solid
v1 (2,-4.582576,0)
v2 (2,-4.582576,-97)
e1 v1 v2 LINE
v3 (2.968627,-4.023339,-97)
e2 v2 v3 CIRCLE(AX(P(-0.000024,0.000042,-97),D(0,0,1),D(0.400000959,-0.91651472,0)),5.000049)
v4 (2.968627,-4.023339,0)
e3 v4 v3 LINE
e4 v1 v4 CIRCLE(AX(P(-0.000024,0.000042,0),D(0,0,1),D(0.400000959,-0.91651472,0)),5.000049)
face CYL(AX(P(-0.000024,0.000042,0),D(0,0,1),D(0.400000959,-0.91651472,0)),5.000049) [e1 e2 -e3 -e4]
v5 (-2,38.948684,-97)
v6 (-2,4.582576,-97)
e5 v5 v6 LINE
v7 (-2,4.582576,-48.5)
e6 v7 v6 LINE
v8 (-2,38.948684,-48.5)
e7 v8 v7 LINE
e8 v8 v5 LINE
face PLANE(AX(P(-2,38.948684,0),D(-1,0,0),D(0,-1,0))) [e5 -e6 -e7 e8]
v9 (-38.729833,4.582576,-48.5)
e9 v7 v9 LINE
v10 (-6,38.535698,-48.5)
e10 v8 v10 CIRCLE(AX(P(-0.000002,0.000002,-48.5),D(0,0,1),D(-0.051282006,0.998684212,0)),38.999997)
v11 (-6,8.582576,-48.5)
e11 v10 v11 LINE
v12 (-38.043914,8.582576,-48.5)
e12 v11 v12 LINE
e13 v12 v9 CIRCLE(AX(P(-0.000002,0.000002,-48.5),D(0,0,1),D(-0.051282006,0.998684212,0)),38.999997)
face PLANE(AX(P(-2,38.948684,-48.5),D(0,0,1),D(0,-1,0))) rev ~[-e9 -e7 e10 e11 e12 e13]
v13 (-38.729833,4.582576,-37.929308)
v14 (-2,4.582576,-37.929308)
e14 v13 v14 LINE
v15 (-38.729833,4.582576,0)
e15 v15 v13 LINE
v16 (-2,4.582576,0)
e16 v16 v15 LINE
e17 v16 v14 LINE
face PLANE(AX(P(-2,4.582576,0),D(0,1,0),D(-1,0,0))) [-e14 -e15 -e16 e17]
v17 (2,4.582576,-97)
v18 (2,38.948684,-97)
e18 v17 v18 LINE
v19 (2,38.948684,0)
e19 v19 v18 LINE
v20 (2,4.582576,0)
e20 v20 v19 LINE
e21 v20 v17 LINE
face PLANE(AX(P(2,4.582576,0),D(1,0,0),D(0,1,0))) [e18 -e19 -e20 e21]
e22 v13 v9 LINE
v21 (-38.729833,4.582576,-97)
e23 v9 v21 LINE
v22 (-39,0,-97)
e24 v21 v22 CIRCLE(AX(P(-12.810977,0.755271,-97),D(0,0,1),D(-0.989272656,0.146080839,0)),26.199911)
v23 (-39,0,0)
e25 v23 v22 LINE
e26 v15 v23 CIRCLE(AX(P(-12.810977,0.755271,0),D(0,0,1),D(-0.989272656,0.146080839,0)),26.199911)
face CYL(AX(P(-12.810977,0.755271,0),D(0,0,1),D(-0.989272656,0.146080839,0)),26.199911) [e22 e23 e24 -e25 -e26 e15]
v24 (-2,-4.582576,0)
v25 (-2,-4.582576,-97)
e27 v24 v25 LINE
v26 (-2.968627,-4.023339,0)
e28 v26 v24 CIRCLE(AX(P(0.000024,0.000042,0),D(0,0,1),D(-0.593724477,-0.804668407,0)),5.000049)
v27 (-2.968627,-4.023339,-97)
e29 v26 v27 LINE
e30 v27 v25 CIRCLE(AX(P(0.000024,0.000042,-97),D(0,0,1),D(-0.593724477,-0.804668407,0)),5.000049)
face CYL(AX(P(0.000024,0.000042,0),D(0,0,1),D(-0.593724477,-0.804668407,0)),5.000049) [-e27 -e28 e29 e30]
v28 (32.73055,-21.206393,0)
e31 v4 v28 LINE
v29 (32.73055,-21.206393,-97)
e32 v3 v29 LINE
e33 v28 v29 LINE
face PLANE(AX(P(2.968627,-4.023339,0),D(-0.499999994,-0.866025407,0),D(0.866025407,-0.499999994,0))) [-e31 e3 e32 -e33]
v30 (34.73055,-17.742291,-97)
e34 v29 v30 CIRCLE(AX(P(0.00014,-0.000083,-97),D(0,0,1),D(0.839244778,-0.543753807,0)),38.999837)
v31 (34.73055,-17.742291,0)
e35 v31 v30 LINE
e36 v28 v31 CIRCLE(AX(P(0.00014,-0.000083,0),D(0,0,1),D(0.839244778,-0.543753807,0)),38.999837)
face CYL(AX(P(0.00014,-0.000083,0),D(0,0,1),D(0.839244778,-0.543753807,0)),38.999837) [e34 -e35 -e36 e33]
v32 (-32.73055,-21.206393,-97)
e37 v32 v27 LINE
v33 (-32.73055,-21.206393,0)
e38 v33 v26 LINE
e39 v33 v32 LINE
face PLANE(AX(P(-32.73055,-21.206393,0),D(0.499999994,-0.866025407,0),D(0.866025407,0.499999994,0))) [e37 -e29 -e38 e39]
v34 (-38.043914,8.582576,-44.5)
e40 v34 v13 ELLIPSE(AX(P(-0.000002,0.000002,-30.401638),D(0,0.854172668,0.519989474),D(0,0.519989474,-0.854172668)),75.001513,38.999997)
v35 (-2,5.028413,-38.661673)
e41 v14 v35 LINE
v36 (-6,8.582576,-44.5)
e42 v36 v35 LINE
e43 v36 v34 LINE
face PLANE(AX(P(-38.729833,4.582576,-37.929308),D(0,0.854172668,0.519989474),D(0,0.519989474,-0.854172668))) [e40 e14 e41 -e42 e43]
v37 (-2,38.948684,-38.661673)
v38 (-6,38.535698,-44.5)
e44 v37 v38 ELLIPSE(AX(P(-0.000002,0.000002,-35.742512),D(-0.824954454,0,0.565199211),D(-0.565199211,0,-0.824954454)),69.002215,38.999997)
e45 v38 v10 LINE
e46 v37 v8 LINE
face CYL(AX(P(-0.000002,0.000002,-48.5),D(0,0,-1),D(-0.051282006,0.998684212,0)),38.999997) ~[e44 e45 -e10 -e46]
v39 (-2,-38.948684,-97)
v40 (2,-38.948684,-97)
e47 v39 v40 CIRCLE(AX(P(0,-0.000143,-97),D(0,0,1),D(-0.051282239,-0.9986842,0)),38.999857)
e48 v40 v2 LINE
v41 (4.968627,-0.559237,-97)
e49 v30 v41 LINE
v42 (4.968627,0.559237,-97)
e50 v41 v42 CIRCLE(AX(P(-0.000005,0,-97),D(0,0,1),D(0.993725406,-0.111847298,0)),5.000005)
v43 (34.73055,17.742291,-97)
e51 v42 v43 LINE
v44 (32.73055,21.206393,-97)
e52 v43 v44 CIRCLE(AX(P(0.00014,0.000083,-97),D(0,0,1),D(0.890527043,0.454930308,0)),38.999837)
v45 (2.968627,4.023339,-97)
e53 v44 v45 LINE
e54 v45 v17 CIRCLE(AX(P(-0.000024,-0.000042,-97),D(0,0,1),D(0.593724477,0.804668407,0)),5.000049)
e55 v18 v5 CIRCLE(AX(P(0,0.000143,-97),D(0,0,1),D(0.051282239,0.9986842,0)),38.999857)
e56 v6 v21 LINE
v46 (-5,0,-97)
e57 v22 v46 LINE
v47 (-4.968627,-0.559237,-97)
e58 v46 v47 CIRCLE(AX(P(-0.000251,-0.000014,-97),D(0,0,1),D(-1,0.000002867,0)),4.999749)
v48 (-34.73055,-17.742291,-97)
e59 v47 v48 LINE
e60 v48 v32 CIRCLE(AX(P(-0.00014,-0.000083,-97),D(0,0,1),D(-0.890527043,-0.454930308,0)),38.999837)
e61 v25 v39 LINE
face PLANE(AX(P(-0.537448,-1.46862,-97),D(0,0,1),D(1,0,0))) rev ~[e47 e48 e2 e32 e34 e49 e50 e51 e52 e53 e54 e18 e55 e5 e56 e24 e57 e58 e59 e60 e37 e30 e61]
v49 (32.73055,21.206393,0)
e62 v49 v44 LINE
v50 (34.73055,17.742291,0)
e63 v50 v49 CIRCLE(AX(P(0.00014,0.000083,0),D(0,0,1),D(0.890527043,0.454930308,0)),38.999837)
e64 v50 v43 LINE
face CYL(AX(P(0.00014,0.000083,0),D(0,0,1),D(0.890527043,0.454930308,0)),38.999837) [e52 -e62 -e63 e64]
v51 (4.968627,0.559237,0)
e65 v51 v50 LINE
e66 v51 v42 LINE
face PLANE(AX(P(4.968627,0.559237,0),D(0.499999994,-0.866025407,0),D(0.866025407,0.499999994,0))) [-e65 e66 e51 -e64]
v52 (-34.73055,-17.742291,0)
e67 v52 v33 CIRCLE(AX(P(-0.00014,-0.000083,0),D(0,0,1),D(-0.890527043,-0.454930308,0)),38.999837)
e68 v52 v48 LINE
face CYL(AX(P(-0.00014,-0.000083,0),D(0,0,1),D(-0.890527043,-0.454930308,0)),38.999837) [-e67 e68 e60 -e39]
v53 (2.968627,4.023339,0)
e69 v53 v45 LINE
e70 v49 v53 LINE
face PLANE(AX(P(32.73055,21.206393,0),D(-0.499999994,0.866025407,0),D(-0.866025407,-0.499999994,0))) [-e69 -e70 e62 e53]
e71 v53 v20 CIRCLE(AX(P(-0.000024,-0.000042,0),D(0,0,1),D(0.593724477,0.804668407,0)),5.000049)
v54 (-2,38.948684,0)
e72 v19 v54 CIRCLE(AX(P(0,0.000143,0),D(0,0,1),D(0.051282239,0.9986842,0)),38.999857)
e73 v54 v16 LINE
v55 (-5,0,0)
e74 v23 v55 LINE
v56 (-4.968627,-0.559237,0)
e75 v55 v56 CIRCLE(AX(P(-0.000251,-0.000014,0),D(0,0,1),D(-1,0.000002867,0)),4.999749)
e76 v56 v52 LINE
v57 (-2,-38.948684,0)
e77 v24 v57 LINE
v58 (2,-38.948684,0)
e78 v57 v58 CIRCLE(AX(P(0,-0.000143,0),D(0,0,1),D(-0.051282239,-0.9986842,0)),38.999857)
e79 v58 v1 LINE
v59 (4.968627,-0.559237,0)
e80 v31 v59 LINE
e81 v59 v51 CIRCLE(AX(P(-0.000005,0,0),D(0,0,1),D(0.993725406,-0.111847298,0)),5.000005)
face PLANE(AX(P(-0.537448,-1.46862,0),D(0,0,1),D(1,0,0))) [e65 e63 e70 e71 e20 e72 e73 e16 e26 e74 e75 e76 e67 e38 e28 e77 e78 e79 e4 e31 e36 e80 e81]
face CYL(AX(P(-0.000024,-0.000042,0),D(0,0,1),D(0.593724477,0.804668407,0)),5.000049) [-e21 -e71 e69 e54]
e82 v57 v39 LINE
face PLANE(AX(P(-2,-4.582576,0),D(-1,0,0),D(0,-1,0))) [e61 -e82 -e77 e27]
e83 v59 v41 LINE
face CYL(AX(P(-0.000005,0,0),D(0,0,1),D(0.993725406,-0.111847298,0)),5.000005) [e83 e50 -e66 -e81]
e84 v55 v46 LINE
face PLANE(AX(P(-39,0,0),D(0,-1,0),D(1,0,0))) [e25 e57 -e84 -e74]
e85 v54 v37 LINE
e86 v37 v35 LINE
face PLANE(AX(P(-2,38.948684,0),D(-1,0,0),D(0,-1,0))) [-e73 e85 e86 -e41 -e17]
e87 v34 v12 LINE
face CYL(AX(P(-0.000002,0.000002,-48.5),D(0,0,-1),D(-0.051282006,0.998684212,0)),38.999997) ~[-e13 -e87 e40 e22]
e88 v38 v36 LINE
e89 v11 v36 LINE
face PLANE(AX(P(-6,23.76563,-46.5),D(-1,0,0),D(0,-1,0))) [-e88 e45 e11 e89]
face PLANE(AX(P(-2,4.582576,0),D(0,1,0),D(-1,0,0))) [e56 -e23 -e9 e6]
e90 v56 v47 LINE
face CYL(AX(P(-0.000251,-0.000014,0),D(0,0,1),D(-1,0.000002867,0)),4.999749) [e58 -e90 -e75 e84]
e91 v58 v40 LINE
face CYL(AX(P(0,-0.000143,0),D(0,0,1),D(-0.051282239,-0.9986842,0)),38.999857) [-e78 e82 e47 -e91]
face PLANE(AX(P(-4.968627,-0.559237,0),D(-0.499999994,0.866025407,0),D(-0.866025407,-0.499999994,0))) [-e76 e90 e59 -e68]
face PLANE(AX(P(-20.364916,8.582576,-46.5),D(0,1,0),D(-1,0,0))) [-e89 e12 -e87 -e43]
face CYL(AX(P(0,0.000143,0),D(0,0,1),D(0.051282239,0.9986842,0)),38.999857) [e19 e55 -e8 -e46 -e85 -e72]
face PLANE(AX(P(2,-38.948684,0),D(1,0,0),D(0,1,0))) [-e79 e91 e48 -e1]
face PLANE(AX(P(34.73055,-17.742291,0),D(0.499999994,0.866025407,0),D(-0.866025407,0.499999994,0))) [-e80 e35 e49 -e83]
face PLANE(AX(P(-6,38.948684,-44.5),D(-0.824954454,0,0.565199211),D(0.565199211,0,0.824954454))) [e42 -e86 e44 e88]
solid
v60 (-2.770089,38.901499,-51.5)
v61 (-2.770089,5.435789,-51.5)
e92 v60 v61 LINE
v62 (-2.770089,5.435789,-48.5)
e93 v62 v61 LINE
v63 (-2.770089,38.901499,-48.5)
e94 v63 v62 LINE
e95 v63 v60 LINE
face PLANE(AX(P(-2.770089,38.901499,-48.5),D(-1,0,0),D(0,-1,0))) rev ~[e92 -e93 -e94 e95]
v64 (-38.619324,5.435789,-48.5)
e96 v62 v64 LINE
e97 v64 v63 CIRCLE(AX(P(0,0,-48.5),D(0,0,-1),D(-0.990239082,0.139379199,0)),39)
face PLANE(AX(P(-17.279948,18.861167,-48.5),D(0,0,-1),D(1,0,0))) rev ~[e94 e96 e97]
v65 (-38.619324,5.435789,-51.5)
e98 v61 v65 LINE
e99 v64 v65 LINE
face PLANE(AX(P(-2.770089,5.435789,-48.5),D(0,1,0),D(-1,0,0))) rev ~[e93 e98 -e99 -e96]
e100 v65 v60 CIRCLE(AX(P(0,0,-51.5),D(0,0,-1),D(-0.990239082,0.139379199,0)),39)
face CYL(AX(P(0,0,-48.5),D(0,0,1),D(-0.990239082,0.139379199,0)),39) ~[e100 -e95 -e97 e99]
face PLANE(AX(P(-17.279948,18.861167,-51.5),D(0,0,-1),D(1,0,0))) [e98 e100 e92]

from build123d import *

# Parameters (mm, degrees)
F1_DEPTH  = 97
F2_W      = 36.729833
F2_H      = 4
F3_DEPTH  = 4
F5_DEPTH  = 36.75
F6_W      = 30.366108
F6_H      = 4
F7_DEPTH  = 4
F9_DEPTH  = 36.75
F11_DEPTH = 100
F13_DEPTH = 3


with BuildPart() as f1:
    # F0 (on Top) → F1 (new body)
    with BuildSketch(Plane.XY):
        with BuildLine():
            Line((2, 4.582576), (2, 38.948684))
            ThreePointArc((2, 38.948684), (0, 39), (-2, 38.948684))
            Line((-2, 38.948684), (-2, 4.582576))
            Line((-2, 4.582576), (-38.729833, 4.582576))
            ThreePointArc((-38.729833, 4.582576), (-38.965475, 2.297216), (-39, 0))
            Line((-39, 0), (-5, 0))
            ThreePointArc((-5, 0), (-4.992151, -0.280058), (-4.968627, -0.559237))
            Line((-4.968627, -0.559237), (-34.73055, -17.742291))
            ThreePointArc((-34.73055, -17.742291), (-33.774991, -19.5), (-32.73055, -21.206393))
            Line((-32.73055, -21.206393), (-2.968627, -4.023339))
            ThreePointArc((-2.968627, -4.023339), (-2.5, -4.330127), (-2, -4.582576))
            Line((-2, -4.582576), (-2, -38.948684))
            ThreePointArc((-2, -38.948684), (0, -39), (2, -38.948684))
            Line((2, -38.948684), (2, -4.582576))
            ThreePointArc((2, -4.582576), (2.5, -4.330127), (2.968627, -4.023339))
            Line((2.968627, -4.023339), (32.73055, -21.206393))
            ThreePointArc((32.73055, -21.206393), (33.774991, -19.5), (34.73055, -17.742291))
            Line((34.73055, -17.742291), (4.968627, -0.559237))
            ThreePointArc((4.968627, -0.559237), (5, 0), (4.968627, 0.559237))
            Line((4.968627, 0.559237), (34.73055, 17.742291))
            ThreePointArc((34.73055, 17.742291), (33.774991, 19.5), (32.73055, 21.206393))
            Line((32.73055, 21.206393), (2.968627, 4.023339))
            ThreePointArc((2.968627, 4.023339), (2.5, 4.330127), (2, 4.582576))
        make_face()
    extrude(amount=-F1_DEPTH)

    # F2 (on face) → F3 (join)
    with BuildSketch(Plane(origin=(0, 4.582576, 0), x_dir=(-1, 0, 0), z_dir=(0, 1, 0))):
        with Locations((20.364916, -46.5)):
            Rectangle(F2_W, F2_H)
    extrude(amount=F3_DEPTH)

    # F4 (on face) → F5 (join)
    with BuildSketch(Plane(origin=(-38.729833, 0, 0), x_dir=(0, -1, 0), z_dir=(-1, 0, 0))):
        Polygon((-4.582576, -37.929308), (-8.582576, -44.5), (-4.582576, -44.5), align=None)
    extrude(amount=-F5_DEPTH)

    # F6 (on face) → F7 (join)
    with BuildSketch(Plane(origin=(-2, 0, 0), x_dir=(0, -1, 0), z_dir=(-1, 0, 0))):
        with Locations((-23.76563, -46.5)):
            Rectangle(F6_W, F6_H)
    extrude(amount=F7_DEPTH)

    # F8 (on face) → F9 (join)
    with BuildSketch(Plane(origin=(0, 38.948684, 0), x_dir=(-1, 0, 0), z_dir=(0, 1, 0))):
        Polygon((2, -44.5), (6, -44.5), (2, -38.661673), align=None)
    extrude(amount=-F9_DEPTH)

    # F10 (on face) → F11 (cut)
    with BuildSketch(Plane(origin=(0, 0, -48.5), x_dir=(1, 0, 0), z_dir=(0, 0, -1))):
        with BuildLine():
            ThreePointArc((-2, -38.948684), (-26.645585, -28.478287), (-38.729833, -4.582576))
            Line((-38.729833, -4.582576), (-40.088896, -48.13461))
            Line((-40.088896, -48.13461), (-2, -38.948684))
        make_face()
    extrude(amount=-F11_DEPTH, mode=Mode.SUBTRACT)


with BuildPart() as f13:
    # F12 (on face) → F13 (new body)
    with BuildSketch(Plane(origin=(0, 0, -48.5), x_dir=(1, 0, 0), z_dir=(0, 0, -1))):
        with BuildLine():
            Line((-2.770089, -5.435789), (-38.619324, -5.435789))
            ThreePointArc((-38.619324, -5.435789), (-26.613141, -28.508608), (-2.770089, -38.901499))
            Line((-2.770089, -38.901499), (-2.770089, -5.435789))
        make_face()
    extrude(amount=F13_DEPTH)


solid = Compound([f1.part, f13.part])
